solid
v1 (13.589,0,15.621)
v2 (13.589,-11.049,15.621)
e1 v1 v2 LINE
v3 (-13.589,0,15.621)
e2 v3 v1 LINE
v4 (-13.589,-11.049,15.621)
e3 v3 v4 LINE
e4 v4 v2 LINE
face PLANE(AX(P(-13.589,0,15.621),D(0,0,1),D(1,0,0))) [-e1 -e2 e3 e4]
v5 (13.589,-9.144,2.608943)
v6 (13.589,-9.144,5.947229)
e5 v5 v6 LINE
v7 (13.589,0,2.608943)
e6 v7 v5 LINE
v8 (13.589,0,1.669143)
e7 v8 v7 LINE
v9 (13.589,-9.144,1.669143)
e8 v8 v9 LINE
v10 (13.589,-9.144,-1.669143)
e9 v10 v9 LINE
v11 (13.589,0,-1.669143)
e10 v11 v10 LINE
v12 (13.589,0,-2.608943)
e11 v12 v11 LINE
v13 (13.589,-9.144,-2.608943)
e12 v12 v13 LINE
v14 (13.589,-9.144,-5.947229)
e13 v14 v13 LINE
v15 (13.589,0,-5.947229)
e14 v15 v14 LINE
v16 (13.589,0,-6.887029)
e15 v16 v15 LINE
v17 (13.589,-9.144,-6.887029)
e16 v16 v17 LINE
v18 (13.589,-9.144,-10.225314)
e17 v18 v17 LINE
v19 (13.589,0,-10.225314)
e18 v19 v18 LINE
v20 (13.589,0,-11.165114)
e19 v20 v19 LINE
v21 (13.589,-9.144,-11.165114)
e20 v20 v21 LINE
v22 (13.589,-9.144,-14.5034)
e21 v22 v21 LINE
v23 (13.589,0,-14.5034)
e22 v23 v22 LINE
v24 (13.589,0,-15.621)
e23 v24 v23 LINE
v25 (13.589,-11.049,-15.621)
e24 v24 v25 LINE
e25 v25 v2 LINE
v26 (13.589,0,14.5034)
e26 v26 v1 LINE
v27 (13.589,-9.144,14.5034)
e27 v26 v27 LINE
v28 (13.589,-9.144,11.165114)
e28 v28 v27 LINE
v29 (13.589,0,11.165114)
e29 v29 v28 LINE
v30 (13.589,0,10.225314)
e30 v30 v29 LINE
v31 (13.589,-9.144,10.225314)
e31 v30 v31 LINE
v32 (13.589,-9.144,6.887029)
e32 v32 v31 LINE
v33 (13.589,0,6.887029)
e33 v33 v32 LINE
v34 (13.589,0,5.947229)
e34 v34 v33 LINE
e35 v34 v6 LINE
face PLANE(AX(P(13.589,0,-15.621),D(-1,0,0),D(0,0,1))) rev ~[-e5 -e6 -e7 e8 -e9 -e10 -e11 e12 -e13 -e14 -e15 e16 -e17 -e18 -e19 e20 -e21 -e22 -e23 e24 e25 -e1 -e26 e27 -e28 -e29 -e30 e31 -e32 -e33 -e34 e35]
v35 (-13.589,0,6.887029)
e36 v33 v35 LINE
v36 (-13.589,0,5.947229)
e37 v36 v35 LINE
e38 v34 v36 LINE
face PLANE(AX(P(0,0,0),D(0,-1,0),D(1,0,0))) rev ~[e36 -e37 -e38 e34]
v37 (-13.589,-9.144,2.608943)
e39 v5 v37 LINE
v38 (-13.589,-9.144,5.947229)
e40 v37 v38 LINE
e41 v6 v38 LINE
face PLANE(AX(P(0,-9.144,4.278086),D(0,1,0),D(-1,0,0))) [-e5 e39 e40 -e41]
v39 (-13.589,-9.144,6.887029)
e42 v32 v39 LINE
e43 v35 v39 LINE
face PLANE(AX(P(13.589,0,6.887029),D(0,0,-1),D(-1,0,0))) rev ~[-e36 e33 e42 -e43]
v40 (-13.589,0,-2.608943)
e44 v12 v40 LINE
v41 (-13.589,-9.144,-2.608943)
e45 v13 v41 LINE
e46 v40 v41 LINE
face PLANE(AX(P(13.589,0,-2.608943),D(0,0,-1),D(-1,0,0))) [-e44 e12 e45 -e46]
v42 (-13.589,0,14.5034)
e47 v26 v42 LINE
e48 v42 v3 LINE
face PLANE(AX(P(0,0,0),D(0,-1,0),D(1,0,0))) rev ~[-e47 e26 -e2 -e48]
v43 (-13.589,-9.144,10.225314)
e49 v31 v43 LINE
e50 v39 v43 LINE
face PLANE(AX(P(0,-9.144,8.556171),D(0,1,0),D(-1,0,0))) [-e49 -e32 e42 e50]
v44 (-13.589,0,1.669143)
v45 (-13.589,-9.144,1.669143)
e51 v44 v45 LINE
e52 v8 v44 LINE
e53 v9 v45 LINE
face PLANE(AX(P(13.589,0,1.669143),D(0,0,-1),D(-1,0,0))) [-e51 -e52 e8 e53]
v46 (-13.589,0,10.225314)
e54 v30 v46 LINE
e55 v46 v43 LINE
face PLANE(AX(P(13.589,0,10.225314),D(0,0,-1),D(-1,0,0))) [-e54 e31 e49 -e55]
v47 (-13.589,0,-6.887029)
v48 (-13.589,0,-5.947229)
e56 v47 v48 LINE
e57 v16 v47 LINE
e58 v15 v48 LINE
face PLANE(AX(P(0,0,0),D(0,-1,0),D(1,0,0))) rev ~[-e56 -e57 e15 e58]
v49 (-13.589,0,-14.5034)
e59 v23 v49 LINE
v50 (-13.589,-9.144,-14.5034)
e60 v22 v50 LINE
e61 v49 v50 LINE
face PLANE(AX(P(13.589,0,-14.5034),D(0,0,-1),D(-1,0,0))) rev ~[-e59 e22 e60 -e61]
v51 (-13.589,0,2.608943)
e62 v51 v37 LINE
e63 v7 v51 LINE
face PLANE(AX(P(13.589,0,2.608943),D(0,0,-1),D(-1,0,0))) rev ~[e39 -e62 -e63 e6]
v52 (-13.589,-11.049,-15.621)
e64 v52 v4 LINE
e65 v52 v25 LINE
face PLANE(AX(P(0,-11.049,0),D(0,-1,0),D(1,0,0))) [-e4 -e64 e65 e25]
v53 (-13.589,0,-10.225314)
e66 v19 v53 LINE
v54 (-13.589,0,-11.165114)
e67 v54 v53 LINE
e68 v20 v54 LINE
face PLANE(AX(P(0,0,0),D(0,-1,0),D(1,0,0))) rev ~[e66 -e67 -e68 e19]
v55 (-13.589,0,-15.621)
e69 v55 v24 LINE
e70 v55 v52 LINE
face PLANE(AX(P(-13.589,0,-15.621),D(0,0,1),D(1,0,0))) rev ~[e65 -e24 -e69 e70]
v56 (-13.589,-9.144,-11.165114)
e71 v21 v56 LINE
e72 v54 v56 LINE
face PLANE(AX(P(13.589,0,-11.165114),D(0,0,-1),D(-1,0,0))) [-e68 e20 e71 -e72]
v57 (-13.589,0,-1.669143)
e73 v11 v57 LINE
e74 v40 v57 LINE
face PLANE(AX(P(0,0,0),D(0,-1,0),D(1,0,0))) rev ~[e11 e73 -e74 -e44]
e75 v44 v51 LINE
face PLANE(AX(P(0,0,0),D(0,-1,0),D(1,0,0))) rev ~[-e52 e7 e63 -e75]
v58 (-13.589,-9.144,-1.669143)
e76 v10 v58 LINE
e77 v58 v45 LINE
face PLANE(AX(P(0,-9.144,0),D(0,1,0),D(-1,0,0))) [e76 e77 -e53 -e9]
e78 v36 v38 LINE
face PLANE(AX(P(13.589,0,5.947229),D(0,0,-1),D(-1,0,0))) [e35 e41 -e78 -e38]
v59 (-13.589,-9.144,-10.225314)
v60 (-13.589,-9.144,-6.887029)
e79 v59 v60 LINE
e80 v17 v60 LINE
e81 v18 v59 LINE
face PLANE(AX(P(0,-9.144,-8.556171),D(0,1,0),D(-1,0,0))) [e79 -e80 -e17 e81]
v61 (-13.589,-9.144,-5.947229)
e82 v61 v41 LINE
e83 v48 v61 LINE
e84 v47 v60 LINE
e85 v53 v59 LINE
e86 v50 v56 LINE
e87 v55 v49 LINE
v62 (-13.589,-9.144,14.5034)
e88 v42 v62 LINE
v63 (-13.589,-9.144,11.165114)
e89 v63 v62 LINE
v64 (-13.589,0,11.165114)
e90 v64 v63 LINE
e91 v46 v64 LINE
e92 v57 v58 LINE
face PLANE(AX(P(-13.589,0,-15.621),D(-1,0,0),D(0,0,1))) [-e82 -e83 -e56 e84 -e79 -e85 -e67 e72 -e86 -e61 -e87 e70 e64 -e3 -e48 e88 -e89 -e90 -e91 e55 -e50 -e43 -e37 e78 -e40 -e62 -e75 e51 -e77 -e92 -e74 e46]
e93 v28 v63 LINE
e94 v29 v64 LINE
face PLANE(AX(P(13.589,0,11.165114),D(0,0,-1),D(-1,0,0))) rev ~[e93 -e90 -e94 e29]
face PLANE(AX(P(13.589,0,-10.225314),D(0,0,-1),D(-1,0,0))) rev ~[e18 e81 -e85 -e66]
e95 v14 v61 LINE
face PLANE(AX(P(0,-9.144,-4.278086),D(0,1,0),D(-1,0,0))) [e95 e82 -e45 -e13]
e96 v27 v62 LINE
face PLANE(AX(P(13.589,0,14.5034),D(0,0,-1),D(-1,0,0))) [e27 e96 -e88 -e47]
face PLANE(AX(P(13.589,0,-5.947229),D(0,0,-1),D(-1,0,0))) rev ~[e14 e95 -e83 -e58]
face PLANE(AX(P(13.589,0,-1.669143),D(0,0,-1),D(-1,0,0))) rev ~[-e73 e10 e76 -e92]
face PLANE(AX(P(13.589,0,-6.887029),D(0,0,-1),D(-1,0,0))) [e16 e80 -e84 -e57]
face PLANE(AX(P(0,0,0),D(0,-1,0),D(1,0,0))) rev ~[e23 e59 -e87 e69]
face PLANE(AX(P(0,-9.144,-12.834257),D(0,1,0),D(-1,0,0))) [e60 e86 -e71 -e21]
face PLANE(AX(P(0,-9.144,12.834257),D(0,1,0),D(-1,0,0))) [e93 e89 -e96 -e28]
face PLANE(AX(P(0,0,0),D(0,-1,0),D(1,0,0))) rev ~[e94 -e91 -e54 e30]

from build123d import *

# Parameters (mm, degrees)
F0_W     = 27.178
F0_H     = 31.242
F1_DEPTH = 11.049
F2_W     = 27.178
F2_H     = 3.338286
F2_H_2   = 3.338285
F3_DEPTH = 9.144


with BuildPart() as f1:
    # F0 (on Front) → F1 (new body)
    with BuildSketch(Plane.XZ):
        Rectangle(F0_W, F0_H)
    extrude(amount=F1_DEPTH)

    # F2 (on face) → F3 (cut)
    with BuildSketch(Plane(origin=(0, 0, 0), x_dir=(-1, 0, 0), z_dir=(0, 1, 0))):
        with Locations((0, 12.834257)):
            Rectangle(F2_W, F2_H)
        with Locations((0, 8.556171)):
            Rectangle(F2_W, F2_H_2)
        with Locations((0, 4.278086)):
            Rectangle(F2_W, F2_H)
        Rectangle(F2_W, F2_H)
        with Locations((0, -4.278086)):
            Rectangle(F2_W, F2_H)
        with Locations((0, -8.556171)):
            Rectangle(F2_W, F2_H_2)
        with Locations((0, -12.834257)):
            Rectangle(F2_W, F2_H)
    extrude(amount=-F3_DEPTH, mode=Mode.SUBTRACT)


solid = f1.part
